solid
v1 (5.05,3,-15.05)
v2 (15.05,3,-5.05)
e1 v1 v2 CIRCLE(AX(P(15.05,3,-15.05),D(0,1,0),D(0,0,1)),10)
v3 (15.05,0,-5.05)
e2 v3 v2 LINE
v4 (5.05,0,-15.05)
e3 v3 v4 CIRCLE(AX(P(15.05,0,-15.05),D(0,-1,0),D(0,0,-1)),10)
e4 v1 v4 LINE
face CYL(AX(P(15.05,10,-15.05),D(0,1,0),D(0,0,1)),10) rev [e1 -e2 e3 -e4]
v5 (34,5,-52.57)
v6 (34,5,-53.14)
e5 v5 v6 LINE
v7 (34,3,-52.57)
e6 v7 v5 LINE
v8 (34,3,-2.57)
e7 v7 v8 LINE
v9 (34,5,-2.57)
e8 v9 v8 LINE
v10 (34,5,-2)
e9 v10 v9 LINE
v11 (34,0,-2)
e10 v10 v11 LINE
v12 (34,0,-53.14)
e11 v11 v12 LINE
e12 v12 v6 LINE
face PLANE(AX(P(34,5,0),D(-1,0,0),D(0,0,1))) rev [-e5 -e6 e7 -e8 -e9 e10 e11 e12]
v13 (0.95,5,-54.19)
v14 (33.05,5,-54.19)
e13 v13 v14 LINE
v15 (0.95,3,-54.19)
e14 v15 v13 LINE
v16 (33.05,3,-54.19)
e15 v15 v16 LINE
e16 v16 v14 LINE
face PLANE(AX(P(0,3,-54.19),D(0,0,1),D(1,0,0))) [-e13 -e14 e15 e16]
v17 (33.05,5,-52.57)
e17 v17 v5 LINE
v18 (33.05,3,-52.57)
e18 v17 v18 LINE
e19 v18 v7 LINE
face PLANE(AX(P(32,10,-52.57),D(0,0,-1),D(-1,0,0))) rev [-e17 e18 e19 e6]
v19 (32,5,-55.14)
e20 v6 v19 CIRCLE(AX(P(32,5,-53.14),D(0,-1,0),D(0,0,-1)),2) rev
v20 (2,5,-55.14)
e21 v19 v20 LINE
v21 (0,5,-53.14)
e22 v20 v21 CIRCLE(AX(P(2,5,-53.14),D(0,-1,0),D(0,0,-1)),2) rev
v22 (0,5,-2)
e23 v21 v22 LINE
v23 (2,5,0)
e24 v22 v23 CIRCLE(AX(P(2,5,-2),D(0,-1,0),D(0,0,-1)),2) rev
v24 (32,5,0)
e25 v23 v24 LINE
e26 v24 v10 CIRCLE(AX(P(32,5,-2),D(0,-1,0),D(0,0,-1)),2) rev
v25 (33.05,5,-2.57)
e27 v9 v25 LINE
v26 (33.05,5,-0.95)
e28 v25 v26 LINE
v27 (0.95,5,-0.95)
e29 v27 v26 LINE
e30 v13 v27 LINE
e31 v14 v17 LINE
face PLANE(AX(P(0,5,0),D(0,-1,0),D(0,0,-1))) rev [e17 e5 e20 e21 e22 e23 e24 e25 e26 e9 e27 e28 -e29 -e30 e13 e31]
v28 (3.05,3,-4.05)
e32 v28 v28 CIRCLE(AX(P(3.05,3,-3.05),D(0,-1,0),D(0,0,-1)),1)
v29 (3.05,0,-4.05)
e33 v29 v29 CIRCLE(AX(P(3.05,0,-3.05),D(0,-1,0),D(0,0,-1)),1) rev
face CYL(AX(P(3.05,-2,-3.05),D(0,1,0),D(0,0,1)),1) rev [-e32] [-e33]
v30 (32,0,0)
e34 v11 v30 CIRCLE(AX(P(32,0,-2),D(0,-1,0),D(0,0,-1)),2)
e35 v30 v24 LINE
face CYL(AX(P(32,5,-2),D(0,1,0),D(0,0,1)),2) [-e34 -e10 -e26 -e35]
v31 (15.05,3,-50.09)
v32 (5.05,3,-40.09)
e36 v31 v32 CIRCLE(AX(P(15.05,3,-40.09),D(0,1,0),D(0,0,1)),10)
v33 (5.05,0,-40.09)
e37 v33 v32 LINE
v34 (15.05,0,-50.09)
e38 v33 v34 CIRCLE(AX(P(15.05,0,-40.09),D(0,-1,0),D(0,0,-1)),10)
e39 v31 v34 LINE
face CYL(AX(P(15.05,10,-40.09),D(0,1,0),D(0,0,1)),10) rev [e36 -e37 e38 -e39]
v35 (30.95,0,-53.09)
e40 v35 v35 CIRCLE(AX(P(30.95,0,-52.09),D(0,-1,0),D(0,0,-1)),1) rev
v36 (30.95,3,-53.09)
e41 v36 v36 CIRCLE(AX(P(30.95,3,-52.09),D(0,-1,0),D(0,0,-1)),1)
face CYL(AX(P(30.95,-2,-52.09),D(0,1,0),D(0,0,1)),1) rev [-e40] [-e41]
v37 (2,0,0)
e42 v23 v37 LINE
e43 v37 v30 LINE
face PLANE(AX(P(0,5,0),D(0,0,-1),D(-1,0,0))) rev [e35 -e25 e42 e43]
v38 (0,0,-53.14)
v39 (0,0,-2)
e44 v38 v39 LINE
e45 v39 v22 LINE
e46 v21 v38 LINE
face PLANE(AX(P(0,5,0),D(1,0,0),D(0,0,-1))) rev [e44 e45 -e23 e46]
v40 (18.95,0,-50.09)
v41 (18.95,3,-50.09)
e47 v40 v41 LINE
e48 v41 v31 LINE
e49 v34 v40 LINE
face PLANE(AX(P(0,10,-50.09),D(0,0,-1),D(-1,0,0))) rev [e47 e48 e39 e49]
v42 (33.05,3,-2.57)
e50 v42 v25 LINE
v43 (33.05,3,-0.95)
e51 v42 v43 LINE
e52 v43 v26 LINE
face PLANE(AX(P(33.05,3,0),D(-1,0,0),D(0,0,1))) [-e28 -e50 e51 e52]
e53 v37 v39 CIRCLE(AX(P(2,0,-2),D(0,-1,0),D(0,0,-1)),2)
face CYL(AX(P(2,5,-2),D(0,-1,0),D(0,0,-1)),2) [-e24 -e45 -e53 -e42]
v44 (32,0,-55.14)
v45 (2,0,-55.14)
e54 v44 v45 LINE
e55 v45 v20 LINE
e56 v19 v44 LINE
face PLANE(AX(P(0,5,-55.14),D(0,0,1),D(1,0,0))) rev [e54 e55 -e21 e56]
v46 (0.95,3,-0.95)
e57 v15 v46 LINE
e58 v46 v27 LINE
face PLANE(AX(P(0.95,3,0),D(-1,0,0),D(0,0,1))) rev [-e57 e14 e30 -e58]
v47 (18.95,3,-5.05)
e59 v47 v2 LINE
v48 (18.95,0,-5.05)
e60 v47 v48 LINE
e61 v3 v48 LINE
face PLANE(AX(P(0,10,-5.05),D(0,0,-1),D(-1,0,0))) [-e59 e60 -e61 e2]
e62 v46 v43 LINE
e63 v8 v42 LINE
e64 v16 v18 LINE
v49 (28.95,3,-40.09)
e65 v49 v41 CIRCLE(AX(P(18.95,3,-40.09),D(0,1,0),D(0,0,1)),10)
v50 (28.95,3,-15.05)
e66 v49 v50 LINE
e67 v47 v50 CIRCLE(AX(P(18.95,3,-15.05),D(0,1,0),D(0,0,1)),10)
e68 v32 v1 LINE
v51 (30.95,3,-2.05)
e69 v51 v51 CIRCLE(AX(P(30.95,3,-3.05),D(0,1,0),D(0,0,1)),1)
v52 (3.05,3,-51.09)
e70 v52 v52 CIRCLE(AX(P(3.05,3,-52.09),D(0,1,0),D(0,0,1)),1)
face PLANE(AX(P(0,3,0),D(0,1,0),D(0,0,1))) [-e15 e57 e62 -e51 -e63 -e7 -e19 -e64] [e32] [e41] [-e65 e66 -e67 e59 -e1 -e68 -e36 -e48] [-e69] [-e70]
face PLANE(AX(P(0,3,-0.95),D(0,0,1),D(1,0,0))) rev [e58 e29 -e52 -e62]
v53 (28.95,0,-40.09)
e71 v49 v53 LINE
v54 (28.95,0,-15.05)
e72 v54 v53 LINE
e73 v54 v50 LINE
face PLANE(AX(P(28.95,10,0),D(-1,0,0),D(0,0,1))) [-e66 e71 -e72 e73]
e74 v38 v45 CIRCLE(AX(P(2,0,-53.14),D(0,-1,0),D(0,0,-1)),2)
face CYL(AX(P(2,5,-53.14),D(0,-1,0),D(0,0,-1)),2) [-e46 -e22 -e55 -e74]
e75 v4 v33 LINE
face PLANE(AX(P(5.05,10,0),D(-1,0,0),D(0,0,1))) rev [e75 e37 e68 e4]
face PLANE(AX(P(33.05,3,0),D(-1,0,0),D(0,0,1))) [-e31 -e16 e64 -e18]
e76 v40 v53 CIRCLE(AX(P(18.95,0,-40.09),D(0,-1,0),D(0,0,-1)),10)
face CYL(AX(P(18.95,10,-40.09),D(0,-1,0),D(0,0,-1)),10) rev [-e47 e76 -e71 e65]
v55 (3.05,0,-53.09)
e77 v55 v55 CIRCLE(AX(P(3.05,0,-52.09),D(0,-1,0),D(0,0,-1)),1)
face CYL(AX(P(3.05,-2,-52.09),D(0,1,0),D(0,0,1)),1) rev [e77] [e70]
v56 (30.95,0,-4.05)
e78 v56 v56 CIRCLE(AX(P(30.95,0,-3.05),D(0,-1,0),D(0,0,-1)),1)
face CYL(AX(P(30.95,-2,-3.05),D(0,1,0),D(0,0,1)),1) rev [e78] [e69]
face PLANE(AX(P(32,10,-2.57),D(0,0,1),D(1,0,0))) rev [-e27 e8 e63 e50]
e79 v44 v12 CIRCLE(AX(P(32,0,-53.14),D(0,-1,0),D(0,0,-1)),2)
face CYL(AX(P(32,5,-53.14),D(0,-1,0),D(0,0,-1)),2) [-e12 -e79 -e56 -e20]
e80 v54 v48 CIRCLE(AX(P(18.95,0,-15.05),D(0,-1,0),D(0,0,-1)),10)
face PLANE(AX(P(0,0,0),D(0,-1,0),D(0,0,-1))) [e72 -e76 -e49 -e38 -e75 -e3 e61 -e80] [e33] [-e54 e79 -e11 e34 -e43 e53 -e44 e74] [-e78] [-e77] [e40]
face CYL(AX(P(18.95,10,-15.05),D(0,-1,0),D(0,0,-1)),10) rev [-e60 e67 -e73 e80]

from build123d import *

# Parameters (mm, degrees)
SKETCH_1_W          = 34
SKETCH_1_H          = 55.14
EXTRUDE_1_DEPTH     = 5
SKETCH_2_W          = 32.1
SKETCH_2_H          = 53.24
CUT_EXTRUDE_1_DEPTH = 2
SKETCH_3_W          = 50
SKETCH_3_H          = 10
CUT_EXTRUDE_2_DEPTH = 2
FILLET_3_R          = 2
FILLET_4_R          = 2
FILLET_5_R          = 2
FILLET_6_R          = 2
SKETCH_5_R          = 1
CUT_EXTRUDE_3_DEPTH = 5
CUT_EXTRUDE_5_DEPTH = 5
SKETCH_7_W          = 24.577640881
SKETCH_7_H          = 46.089683544
EXTRUDE_3_DEPTH     = 3
SKETCH_8_W          = 20
SKETCH_8_H          = 6
EXTRUDE_5_DEPTH     = 5
SKETCH_9_W          = 20
SKETCH_9_H          = 6
EXTRUDE_6_DEPTH     = 5
CUT_EXTRUDE_6_DEPTH = 65.972452624
FILLET_7_R          = 2
FILLET_8_R          = 2
FILLET_9_R          = 2
FILLET_10_R         = 2
FILLET_11_R         = 2
FILLET_12_R         = 2
FILLET_13_R         = 2
FILLET_14_R         = 2
SKETCH_11_W         = 2
SKETCH_11_H         = 50
EXTRUDE_7_DEPTH     = 3
SKETCH_12_W         = 87.292454737
SKETCH_12_H         = 120.507181867
CUT_EXTRUDE_7_DEPTH = 10
SKETCH_13_W         = 23.9
SKETCH_13_H         = 45.04
CUT_EXTRUDE_8_DEPTH = 10
FILLET_15_R         = 10
FILLET_16_R         = 10
FILLET_17_R         = 10
FILLET_18_R         = 10


with BuildPart() as part:
    # 草图1 → 凸台-拉伸1 (new body)
    with BuildSketch(Plane(origin=(0, 0, 0), x_dir=(1, 0, 0), z_dir=(0, 1, 0))):
        with Locations((17, 27.57)):
            Rectangle(SKETCH_1_W, SKETCH_1_H)
    extrude(amount=EXTRUDE_1_DEPTH)

    # 草图2 → 切除-拉伸1 (cut)
    with BuildSketch(Plane(origin=(0, 5, 0), x_dir=(1, 0, 0), z_dir=(0, 1, 0))):
        with Locations((17, 27.57)):
            Rectangle(SKETCH_2_W, SKETCH_2_H)
    extrude(amount=-CUT_EXTRUDE_1_DEPTH, mode=Mode.SUBTRACT)

    # 草图3 → 切除-拉伸2 (cut)
    with BuildSketch(Plane(origin=(34, 0, 0), x_dir=(0, 0, -1), z_dir=(1, 0, 0))):
        with Locations((27.57, 5)):
            Rectangle(SKETCH_3_W, SKETCH_3_H)
    extrude(amount=-CUT_EXTRUDE_2_DEPTH, mode=Mode.SUBTRACT)

    # 圆角3
    fillet_3_edges = [part.edges().sort_by_distance(p)[0] for p in [
        (0, 2.5, 0),
    ]]
    fillet(fillet_3_edges, radius=FILLET_3_R)

    # 圆角4
    fillet_4_edges = [part.edges().sort_by_distance(p)[0] for p in [
        (0, 2.5, -55.14),
    ]]
    fillet(fillet_4_edges, radius=FILLET_4_R)

    # 圆角5
    fillet_5_edges = [part.edges().sort_by_distance(p)[0] for p in [
        (34, 2.5, -55.14),
    ]]
    fillet(fillet_5_edges, radius=FILLET_5_R)

    # 圆角6
    fillet_6_edges = [part.edges().sort_by_distance(p)[0] for p in [
        (34, 2.5, 0),
    ]]
    fillet(fillet_6_edges, radius=FILLET_6_R)

    # 草图5 → 切除-拉伸3 (cut)
    with BuildSketch(Plane(origin=(0, 3, 0), x_dir=(1, 0, 0), z_dir=(0, 1, 0))):
        with Locations(Location((3.05, 52.09, 0), (0, 0, 270))):
            Circle(SKETCH_5_R)
        with Locations(Location((3.05, 3.05, 0), (0, 0, 90))):
            Circle(SKETCH_5_R)
        with Locations(Location((30.95, 3.05, 0), (0, 0, 270))):
            Circle(SKETCH_5_R)
        with Locations(Location((30.95, 52.09, 0), (0, 0, 90))):
            Circle(SKETCH_5_R)
    extrude(amount=-CUT_EXTRUDE_3_DEPTH, mode=Mode.SUBTRACT)

    # 草图6 → 切除-拉伸5 (cut)
    with BuildSketch(Plane(origin=(0, 3, 0), x_dir=(1, 0, 0), z_dir=(0, 1, 0))):
        with BuildLine():
            ThreePointArc((5.05, 49.09), (5.342893219, 49.797106781), (6.05, 50.09))
            Line((6.05, 50.09), (6.254717451, 50.09))
            ThreePointArc((6.254717451, 50.09), (6.961824232, 49.797106781), (7.254717451, 49.09))
            Line((7.254717451, 49.09), (7.254717451, 6.05))
            ThreePointArc((7.254717451, 6.05), (6.961824232, 5.342893219), (6.254717451, 5.05))
            Line((6.254717451, 5.05), (6.05, 5.05))
            ThreePointArc((6.05, 5.05), (5.342893219, 5.342893219), (5.05, 6.05))
            Line((5.05, 6.05), (5.05, 49.09))
        make_face()
        with BuildLine():
            ThreePointArc((10.05, 49.09), (10.342893219, 49.797106781), (11.05, 50.09))
            Line((11.05, 50.09), (11.254717451, 50.09))
            ThreePointArc((11.254717451, 50.09), (11.961824232, 49.797106781), (12.254717451, 49.09))
            Line((12.254717451, 49.09), (12.254717451, 6.05))
            ThreePointArc((12.254717451, 6.05), (11.961824232, 5.342893219), (11.254717451, 5.05))
            Line((11.254717451, 5.05), (11.05, 5.05))
            ThreePointArc((11.05, 5.05), (10.342893219, 5.342893219), (10.05, 6.05))
            Line((10.05, 6.05), (10.05, 49.09))
        make_face()
        with BuildLine():
            ThreePointArc((20.05, 49.09), (20.342893219, 49.797106781), (21.05, 50.09))
            Line((21.05, 50.09), (21.254717451, 50.09))
            ThreePointArc((21.254717451, 50.09), (21.961824232, 49.797106781), (22.254717451, 49.09))
            Line((22.254717451, 49.09), (22.254717451, 6.05))
            ThreePointArc((22.254717451, 6.05), (21.961824232, 5.342893219), (21.254717451, 5.05))
            Line((21.254717451, 5.05), (21.05, 5.05))
            ThreePointArc((21.05, 5.05), (20.342893219, 5.342893219), (20.05, 6.05))
            Line((20.05, 6.05), (20.05, 49.09))
        make_face()
        with BuildLine():
            ThreePointArc((26.05, 5.05), (25.342893219, 5.342893219), (25.05, 6.05))
            Line((25.05, 6.05), (25.05, 49.09))
            ThreePointArc((25.05, 49.09), (25.342893219, 49.797106781), (26.05, 50.09))
            Line((26.05, 50.09), (26.254717451, 50.09))
            ThreePointArc((26.254717451, 50.09), (26.961824232, 49.797106781), (27.254717451, 49.09))
            Line((27.254717451, 49.09), (27.254717451, 6.05))
            ThreePointArc((27.254717451, 6.05), (26.961824232, 5.342893219), (26.254717451, 5.05))
            Line((26.254717451, 5.05), (26.05, 5.05))
        make_face()
        with BuildLine():
            Line((15.05, 49.09), (15.05, 6.05))
            ThreePointArc((15.05, 6.05), (15.342893219, 5.342893219), (16.05, 5.05))
            Line((16.05, 5.05), (16.254717451, 5.05))
            ThreePointArc((16.254717451, 5.05), (16.961824232, 5.342893219), (17.254717451, 6.05))
            Line((17.254717451, 6.05), (17.254717451, 49.09))
            ThreePointArc((17.254717451, 49.09), (16.961824232, 49.797106781), (16.254717451, 50.09))
            Line((16.254717451, 50.09), (16.05, 50.09))
            ThreePointArc((16.05, 50.09), (15.342893219, 49.797106781), (15.05, 49.09))
        make_face()
    extrude(amount=-CUT_EXTRUDE_5_DEPTH, mode=Mode.SUBTRACT)

    # 草图7 → 凸台-拉伸3 (add)
    with BuildSketch(Plane.XZ):
        with Locations((15.625766317, -27.57)):
            Rectangle(SKETCH_7_W, SKETCH_7_H)
    extrude(amount=-EXTRUDE_3_DEPTH)

    # 草图8 → 凸台-拉伸5 (add)
    with BuildSketch(Plane.XZ):
        with Locations((17, -3)):
            Rectangle(SKETCH_8_W, SKETCH_8_H)
    extrude(amount=EXTRUDE_5_DEPTH)

    # 草图9 → 凸台-拉伸6 (add)
    with BuildSketch(Plane.XZ):
        with Locations((17, -52.14)):
            Rectangle(SKETCH_9_W, SKETCH_9_H)
    extrude(amount=EXTRUDE_6_DEPTH)

    # 草图10 → 切除-拉伸6 (cut, through all)
    with BuildSketch(Plane(origin=(0, 0, -55.14), x_dir=(-1, 0, 0), z_dir=(0, 0, -1))):
        with BuildLine():
            ThreePointArc((-8, -2.5), (-11.414213562, -1.085786438), (-10, -4.5))
            Line((-10, -4.5), (-10, -2.5))
            Line((-10, -2.5), (-8, -2.5))
        make_face()
        with BuildLine():
            Line((-10, -2.5), (-10, -4.5))
            ThreePointArc((-10, -4.5), (-8.585786438, -3.914213562), (-8, -2.5))
            Line((-8, -2.5), (-10, -2.5))
        make_face()
        with BuildLine():
            ThreePointArc((-26, -2.5), (-25.414213562, -3.914213562), (-24, -4.5))
            Line((-24, -4.5), (-24, -2.5))
            Line((-24, -2.5), (-26, -2.5))
        make_face()
        with BuildLine():
            Line((-24, -2.5), (-24, -4.5))
            ThreePointArc((-24, -4.5), (-22.585786438, -3.914213562), (-22, -2.5))
            ThreePointArc((-22, -2.5), (-24, -0.5), (-26, -2.5))
            Line((-26, -2.5), (-24, -2.5))
        make_face()
    extrude(amount=-CUT_EXTRUDE_6_DEPTH, mode=Mode.SUBTRACT)

    # 圆角7
    fillet_7_edges = [part.edges().sort_by_distance(p)[0] for p in [
        (7, -5, -52.14),
    ]]
    fillet(fillet_7_edges, radius=FILLET_7_R)

    # 圆角8
    fillet_8_edges = [part.edges().sort_by_distance(p)[0] for p in [
        (7, 0, -52.14),
    ]]
    fillet(fillet_8_edges, radius=FILLET_8_R)

    # 圆角9
    fillet_9_edges = [part.edges().sort_by_distance(p)[0] for p in [
        (27, -5, -52.14),
    ]]
    fillet(fillet_9_edges, radius=FILLET_9_R)

    # 圆角10
    fillet_10_edges = [part.edges().sort_by_distance(p)[0] for p in [
        (27, 0, -52.14),
    ]]
    fillet(fillet_10_edges, radius=FILLET_10_R)

    # 圆角11
    fillet_11_edges = [part.edges().sort_by_distance(p)[0] for p in [
        (7, -5, -3),
    ]]
    fillet(fillet_11_edges, radius=FILLET_11_R)

    # 圆角12
    fillet_12_edges = [part.edges().sort_by_distance(p)[0] for p in [
        (7, 0, -3),
    ]]
    fillet(fillet_12_edges, radius=FILLET_12_R)

    # 圆角13
    fillet_13_edges = [part.edges().sort_by_distance(p)[0] for p in [
        (27, -5, -3),
    ]]
    fillet(fillet_13_edges, radius=FILLET_13_R)

    # 圆角14
    fillet_14_edges = [part.edges().sort_by_distance(p)[0] for p in [
        (27, 0, -3),
    ]]
    fillet(fillet_14_edges, radius=FILLET_14_R)

    # 草图11 → 凸台-拉伸7 (add)
    with BuildSketch(Plane.XZ):
        with Locations((33, -27.57)):
            Rectangle(SKETCH_11_W, SKETCH_11_H)
    extrude(amount=-EXTRUDE_7_DEPTH)

    # 草图12 → 切除-拉伸7 (cut)
    with BuildSketch(Plane.XZ):
        with Locations((-3.68135744, 1.129600161)):
            Rectangle(SKETCH_12_W, SKETCH_12_H)
    extrude(amount=CUT_EXTRUDE_7_DEPTH, mode=Mode.SUBTRACT)

    # 草图13 → 切除-拉伸8 (cut)
    with BuildSketch(Plane.XZ):
        with Locations((17, -27.57)):
            Rectangle(SKETCH_13_W, SKETCH_13_H)
    extrude(amount=-CUT_EXTRUDE_8_DEPTH, mode=Mode.SUBTRACT)

    # 圆角15
    fillet_15_edges = [part.edges().sort_by_distance(p)[0] for p in [
        (28.95, 1.5, -50.09),
    ]]
    fillet(fillet_15_edges, radius=FILLET_15_R)

    # 圆角16
    fillet_16_edges = [part.edges().sort_by_distance(p)[0] for p in [
        (5.05, 1.5, -50.09),
    ]]
    fillet(fillet_16_edges, radius=FILLET_16_R)

    # 圆角17
    fillet_17_edges = [part.edges().sort_by_distance(p)[0] for p in [
        (28.95, 1.5, -5.05),
    ]]
    fillet(fillet_17_edges, radius=FILLET_17_R)

    # 圆角18
    fillet_18_edges = [part.edges().sort_by_distance(p)[0] for p in [
        (5.05, 1.5, -5.05),
    ]]
    fillet(fillet_18_edges, radius=FILLET_18_R)


solid = part.part
